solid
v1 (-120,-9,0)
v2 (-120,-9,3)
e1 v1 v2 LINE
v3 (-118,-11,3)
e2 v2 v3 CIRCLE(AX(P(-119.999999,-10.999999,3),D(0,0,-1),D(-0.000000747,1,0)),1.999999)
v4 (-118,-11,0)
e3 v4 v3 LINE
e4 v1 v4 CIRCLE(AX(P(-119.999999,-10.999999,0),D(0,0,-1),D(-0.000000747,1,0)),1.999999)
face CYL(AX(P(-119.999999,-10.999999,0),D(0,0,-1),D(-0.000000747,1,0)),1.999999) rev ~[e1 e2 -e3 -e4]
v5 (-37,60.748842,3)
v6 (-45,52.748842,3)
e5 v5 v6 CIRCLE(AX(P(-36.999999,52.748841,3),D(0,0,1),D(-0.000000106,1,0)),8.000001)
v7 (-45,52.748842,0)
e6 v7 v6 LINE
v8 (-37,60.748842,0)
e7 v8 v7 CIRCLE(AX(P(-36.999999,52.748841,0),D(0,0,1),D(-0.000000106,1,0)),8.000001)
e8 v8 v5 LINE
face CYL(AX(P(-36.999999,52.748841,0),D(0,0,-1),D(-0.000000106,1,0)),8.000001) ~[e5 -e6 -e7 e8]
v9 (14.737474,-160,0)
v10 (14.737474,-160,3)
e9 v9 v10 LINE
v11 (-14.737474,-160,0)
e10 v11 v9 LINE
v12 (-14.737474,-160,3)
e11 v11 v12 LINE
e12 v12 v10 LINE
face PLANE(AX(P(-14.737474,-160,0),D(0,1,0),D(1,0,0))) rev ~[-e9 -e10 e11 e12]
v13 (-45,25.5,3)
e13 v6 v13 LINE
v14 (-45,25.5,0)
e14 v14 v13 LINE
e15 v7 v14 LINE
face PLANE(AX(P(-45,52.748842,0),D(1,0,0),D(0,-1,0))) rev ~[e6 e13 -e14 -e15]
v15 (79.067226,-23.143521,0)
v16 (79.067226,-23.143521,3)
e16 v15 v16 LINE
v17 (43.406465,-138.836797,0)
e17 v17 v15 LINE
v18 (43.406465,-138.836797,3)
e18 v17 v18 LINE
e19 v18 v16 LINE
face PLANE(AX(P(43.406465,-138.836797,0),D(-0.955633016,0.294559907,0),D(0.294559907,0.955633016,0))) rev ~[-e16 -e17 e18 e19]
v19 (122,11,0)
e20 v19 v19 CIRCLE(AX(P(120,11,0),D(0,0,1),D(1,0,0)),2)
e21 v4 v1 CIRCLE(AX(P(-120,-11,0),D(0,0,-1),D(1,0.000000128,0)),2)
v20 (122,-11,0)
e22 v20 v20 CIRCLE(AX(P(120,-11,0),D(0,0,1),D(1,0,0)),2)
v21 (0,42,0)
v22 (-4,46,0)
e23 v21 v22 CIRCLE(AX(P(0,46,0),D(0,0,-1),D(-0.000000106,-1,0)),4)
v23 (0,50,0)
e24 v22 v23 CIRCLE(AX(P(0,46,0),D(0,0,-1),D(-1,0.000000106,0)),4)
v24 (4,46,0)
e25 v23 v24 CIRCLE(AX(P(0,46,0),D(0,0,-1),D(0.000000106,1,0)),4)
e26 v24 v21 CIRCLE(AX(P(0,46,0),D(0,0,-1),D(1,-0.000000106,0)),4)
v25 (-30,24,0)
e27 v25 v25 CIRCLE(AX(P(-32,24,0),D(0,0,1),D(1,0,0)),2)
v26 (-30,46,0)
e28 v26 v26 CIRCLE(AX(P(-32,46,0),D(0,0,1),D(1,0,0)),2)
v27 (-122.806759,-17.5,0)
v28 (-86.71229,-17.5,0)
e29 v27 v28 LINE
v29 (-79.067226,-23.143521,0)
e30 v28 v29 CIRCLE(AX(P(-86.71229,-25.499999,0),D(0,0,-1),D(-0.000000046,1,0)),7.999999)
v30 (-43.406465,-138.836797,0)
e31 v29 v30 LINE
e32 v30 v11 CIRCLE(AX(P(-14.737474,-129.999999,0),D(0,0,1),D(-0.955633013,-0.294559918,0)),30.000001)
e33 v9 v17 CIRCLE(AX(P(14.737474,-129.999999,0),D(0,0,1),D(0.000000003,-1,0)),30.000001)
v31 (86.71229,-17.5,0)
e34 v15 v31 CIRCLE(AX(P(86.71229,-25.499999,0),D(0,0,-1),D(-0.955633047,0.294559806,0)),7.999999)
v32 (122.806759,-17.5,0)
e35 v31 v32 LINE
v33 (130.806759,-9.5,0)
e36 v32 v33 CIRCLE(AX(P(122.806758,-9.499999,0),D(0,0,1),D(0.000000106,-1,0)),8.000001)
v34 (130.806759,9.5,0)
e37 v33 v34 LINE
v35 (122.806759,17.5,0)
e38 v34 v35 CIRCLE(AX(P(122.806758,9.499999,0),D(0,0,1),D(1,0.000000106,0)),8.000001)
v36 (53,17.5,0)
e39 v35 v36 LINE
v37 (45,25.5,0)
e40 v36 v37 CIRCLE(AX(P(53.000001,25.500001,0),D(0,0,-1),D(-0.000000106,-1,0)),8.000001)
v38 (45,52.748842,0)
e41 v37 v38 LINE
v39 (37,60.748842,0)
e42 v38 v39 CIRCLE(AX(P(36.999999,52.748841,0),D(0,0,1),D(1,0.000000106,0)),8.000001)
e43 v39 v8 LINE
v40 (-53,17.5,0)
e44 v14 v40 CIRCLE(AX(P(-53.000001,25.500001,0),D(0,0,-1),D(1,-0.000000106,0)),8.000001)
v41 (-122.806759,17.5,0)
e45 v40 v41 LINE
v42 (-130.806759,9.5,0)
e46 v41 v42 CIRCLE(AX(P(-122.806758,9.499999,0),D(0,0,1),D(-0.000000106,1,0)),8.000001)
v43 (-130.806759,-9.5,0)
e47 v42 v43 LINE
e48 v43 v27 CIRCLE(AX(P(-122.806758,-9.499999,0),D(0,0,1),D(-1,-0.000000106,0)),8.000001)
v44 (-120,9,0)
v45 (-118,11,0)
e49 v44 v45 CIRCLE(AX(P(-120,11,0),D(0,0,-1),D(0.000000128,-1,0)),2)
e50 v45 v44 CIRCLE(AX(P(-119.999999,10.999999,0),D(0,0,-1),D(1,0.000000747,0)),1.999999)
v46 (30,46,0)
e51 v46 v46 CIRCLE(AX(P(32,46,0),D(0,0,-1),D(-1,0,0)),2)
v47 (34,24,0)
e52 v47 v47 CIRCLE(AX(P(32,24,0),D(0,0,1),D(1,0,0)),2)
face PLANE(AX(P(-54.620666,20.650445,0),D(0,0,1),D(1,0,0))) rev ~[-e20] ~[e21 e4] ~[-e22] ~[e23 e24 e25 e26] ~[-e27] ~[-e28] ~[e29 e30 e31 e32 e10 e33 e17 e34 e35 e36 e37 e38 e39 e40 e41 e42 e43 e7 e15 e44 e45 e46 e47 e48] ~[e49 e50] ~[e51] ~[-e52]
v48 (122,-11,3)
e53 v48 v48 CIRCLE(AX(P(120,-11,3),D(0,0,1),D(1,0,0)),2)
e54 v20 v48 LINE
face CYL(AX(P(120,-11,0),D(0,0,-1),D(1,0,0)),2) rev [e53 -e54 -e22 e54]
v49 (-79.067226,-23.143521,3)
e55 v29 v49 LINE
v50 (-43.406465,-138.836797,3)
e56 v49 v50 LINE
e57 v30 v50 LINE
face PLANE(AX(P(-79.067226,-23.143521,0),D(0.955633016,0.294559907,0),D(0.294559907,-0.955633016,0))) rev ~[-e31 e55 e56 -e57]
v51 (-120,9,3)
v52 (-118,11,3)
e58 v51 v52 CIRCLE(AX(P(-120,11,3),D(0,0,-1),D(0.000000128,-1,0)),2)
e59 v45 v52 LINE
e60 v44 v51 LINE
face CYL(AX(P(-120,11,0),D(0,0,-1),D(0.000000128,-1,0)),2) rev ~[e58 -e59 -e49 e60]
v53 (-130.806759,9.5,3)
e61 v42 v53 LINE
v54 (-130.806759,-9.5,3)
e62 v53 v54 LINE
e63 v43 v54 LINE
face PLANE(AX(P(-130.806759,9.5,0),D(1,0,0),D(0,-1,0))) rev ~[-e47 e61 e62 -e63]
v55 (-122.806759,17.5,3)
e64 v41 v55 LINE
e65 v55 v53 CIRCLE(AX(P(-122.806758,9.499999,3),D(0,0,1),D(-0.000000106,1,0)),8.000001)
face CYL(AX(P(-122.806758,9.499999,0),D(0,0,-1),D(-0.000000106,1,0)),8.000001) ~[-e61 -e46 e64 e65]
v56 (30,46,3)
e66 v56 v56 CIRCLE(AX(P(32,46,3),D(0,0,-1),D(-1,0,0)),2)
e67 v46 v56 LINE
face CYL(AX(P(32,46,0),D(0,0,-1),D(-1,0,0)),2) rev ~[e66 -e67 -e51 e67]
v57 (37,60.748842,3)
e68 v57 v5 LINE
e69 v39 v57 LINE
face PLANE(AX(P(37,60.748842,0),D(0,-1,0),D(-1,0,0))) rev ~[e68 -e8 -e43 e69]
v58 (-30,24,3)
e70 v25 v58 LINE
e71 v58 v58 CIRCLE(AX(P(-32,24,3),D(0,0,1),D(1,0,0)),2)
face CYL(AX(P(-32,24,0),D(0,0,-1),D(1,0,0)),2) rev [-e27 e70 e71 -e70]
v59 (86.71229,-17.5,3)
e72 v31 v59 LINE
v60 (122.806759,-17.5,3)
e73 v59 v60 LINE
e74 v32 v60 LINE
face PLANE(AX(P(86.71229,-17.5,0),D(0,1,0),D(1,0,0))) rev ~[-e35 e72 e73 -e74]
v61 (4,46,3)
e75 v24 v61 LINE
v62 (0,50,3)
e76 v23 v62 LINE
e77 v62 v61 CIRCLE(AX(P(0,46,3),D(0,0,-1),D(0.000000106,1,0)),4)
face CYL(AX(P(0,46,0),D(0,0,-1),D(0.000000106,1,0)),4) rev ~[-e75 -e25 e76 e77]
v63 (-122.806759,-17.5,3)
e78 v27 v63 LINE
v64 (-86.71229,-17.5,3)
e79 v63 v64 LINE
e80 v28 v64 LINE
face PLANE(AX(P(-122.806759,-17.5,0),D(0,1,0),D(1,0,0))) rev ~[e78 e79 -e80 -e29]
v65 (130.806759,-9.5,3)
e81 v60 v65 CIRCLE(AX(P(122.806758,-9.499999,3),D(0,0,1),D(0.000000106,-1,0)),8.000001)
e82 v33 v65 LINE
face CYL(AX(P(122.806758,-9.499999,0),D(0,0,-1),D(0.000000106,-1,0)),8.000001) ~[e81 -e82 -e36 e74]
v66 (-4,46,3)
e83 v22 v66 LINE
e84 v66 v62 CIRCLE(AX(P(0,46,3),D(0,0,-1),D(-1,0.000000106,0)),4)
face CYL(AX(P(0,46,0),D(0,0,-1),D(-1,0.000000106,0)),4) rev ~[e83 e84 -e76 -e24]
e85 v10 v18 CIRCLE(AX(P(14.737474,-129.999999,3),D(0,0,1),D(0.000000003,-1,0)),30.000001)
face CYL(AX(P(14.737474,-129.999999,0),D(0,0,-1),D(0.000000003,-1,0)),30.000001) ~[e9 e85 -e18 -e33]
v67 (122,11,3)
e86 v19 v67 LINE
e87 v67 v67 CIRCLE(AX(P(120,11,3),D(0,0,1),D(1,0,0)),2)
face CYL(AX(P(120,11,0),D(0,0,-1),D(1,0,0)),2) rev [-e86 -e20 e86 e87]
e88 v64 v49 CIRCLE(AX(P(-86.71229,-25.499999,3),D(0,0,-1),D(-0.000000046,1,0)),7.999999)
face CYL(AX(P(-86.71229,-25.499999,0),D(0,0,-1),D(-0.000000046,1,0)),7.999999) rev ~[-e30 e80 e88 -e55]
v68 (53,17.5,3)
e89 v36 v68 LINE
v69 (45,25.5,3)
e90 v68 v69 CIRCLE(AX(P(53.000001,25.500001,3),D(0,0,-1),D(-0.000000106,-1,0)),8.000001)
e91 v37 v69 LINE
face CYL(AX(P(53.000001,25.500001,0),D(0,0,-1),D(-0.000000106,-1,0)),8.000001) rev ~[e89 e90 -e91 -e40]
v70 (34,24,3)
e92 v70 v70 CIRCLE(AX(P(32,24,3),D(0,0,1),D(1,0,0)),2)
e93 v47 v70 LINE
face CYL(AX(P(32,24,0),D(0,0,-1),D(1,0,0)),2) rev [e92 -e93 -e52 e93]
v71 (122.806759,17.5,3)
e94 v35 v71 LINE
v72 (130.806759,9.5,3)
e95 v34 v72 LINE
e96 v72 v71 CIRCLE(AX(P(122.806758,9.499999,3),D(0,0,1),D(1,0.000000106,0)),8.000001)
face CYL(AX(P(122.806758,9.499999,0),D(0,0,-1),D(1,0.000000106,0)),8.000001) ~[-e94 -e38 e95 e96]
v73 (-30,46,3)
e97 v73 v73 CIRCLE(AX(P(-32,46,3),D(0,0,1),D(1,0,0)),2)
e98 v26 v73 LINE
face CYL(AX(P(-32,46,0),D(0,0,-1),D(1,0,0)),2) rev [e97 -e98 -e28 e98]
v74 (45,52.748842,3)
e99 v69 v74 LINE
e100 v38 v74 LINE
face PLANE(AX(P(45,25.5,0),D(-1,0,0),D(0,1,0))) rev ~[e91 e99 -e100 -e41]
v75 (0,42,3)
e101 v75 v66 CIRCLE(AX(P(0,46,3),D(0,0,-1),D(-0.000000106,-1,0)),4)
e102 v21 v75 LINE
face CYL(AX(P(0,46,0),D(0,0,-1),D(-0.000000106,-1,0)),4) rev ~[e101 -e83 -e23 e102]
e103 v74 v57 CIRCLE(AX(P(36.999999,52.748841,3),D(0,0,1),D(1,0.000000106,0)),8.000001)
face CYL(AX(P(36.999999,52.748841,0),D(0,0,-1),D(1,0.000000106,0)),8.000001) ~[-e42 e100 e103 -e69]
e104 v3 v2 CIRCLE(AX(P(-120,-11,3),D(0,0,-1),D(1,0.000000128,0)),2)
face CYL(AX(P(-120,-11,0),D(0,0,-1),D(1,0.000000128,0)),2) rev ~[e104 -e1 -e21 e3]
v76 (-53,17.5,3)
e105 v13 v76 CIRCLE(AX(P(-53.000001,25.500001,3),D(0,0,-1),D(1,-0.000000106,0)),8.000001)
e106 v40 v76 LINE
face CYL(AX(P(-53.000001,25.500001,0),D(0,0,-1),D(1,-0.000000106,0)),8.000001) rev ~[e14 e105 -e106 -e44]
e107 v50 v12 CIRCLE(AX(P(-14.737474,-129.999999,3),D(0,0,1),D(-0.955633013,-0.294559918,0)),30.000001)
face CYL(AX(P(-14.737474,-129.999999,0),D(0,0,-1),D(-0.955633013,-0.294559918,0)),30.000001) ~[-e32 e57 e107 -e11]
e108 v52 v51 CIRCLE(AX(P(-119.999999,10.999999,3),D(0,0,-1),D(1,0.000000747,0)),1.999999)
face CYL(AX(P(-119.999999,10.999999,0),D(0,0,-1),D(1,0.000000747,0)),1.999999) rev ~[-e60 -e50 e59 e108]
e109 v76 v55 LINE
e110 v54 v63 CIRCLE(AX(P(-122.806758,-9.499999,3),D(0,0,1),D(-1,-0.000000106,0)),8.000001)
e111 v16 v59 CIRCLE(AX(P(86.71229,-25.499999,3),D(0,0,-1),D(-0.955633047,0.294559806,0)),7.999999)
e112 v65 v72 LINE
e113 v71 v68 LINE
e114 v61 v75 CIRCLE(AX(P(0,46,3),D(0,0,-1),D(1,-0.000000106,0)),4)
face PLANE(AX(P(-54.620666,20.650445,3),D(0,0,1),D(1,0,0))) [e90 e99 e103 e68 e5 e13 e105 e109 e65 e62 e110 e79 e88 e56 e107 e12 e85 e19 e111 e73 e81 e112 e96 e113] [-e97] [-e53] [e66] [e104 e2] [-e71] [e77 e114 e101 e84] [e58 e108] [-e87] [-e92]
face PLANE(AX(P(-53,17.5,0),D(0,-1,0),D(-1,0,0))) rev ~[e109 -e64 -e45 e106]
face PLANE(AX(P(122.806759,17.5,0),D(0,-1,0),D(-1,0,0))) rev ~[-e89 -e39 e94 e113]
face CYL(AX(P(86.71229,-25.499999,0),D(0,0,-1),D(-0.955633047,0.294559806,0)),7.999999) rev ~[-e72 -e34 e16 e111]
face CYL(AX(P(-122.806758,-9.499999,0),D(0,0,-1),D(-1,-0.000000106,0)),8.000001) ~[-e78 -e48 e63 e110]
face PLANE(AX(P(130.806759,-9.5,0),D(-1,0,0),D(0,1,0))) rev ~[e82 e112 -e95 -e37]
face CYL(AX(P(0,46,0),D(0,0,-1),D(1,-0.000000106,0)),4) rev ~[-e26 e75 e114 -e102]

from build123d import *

# Parameters (mm, degrees)
F0_R     = 2
F1_DEPTH = 3


with BuildPart() as f1:
    # F0 (on Top) → F1 (new body)
    with BuildSketch(Plane.XY):
        with BuildLine():
            Line((-130.806759, 0), (-120, 0))
            Line((-120, 0), (0, 0))
            Line((0, 0), (0, 42))
            ThreePointArc((0, 42), (-2.828427, 43.171573), (-4, 46))
            ThreePointArc((-4, 46), (-2.828427, 48.828427), (0, 50))
            Line((0, 50), (0, 60.748842))
            Line((0, 60.748842), (-32.5, 60.748842))
            Line((-32.5, 60.748842), (-37, 60.748842))
            ThreePointArc((-37, 60.748842), (-42.656854, 58.405696), (-45, 52.748842))
            Line((-45, 52.748842), (-45, 25.5))
            ThreePointArc((-45, 25.5), (-47.343146, 19.843146), (-53, 17.5))
            Line((-53, 17.5), (-122.806759, 17.5))
            ThreePointArc((-122.806759, 17.5), (-128.463613, 15.156854), (-130.806759, 9.5))
            Line((-130.806759, 9.5), (-130.806759, 0))
        make_face()
        with BuildLine():
            ThreePointArc((-118, 11), (-118.585786, 9.585786), (-120, 9))
            ThreePointArc((-120, 9), (-121.414214, 12.414214), (-118, 11))
        make_face(mode=Mode.SUBTRACT)
        with Locations((-32, 24)):
            Circle(F0_R, mode=Mode.SUBTRACT)
        with Locations((-32, 46)):
            Circle(F0_R, mode=Mode.SUBTRACT)
        with BuildLine():
            Line((0, 42), (0, 0))
            Line((0, 0), (130.806759, 0))
            Line((130.806759, 0), (130.806759, 9.5))
            ThreePointArc((130.806759, 9.5), (128.463613, 15.156854), (122.806759, 17.5))
            Line((122.806759, 17.5), (53, 17.5))
            ThreePointArc((53, 17.5), (47.343146, 19.843146), (45, 25.5))
            Line((45, 25.5), (45, 52.748842))
            ThreePointArc((45, 52.748842), (42.656854, 58.405696), (37, 60.748842))
            Line((37, 60.748842), (32.5, 60.748842))
            Line((32.5, 60.748842), (0, 60.748842))
            Line((0, 60.748842), (0, 50))
            ThreePointArc((0, 50), (2.828427, 48.828427), (4, 46))
            ThreePointArc((4, 46), (2.828427, 43.171573), (0, 42))
        make_face()
        with Locations((32, 24)):
            Circle(F0_R, mode=Mode.SUBTRACT)
        with BuildLine():
            ThreePointArc((34, 46), (32, 44), (30, 46))
            ThreePointArc((30, 46), (32, 48), (34, 46))
        make_face(mode=Mode.SUBTRACT)
        with Locations((120, 11)):
            Circle(F0_R, mode=Mode.SUBTRACT)
        with BuildLine():
            Line((130.806759, 0), (0, 0))
            Line((0, 0), (0, -160))
            Line((0, -160), (14.737474, -160))
            ThreePointArc((14.737474, -160), (32.554546, -154.136113), (43.406465, -138.836797))
            Line((43.406465, -138.836797), (79.067226, -23.143521))
            ThreePointArc((79.067226, -23.143521), (81.961071, -19.063703), (86.71229, -17.5))
            Line((86.71229, -17.5), (122.806759, -17.5))
            ThreePointArc((122.806759, -17.5), (128.463613, -15.156854), (130.806759, -9.5))
            Line((130.806759, -9.5), (130.806759, 0))
        make_face()
        with Locations((120, -11)):
            Circle(F0_R, mode=Mode.SUBTRACT)
        with BuildLine():
            Line((0, 0), (-120, 0))
            Line((-120, 0), (-130.806759, 0))
            Line((-130.806759, 0), (-130.806759, -9.5))
            ThreePointArc((-130.806759, -9.5), (-128.463613, -15.156854), (-122.806759, -17.5))
            Line((-122.806759, -17.5), (-86.71229, -17.5))
            ThreePointArc((-86.71229, -17.5), (-81.961071, -19.063703), (-79.067226, -23.143521))
            Line((-79.067226, -23.143521), (-43.406465, -138.836797))
            ThreePointArc((-43.406465, -138.836797), (-32.554546, -154.136113), (-14.737474, -160))
            Line((-14.737474, -160), (0, -160))
            Line((0, -160), (0, 0))
        make_face()
        with BuildLine():
            ThreePointArc((-118, -11), (-121.414214, -12.414214), (-120, -9))
            ThreePointArc((-120, -9), (-118.585786, -9.585786), (-118, -11))
        make_face(mode=Mode.SUBTRACT)
    extrude(amount=F1_DEPTH)


solid = f1.part
